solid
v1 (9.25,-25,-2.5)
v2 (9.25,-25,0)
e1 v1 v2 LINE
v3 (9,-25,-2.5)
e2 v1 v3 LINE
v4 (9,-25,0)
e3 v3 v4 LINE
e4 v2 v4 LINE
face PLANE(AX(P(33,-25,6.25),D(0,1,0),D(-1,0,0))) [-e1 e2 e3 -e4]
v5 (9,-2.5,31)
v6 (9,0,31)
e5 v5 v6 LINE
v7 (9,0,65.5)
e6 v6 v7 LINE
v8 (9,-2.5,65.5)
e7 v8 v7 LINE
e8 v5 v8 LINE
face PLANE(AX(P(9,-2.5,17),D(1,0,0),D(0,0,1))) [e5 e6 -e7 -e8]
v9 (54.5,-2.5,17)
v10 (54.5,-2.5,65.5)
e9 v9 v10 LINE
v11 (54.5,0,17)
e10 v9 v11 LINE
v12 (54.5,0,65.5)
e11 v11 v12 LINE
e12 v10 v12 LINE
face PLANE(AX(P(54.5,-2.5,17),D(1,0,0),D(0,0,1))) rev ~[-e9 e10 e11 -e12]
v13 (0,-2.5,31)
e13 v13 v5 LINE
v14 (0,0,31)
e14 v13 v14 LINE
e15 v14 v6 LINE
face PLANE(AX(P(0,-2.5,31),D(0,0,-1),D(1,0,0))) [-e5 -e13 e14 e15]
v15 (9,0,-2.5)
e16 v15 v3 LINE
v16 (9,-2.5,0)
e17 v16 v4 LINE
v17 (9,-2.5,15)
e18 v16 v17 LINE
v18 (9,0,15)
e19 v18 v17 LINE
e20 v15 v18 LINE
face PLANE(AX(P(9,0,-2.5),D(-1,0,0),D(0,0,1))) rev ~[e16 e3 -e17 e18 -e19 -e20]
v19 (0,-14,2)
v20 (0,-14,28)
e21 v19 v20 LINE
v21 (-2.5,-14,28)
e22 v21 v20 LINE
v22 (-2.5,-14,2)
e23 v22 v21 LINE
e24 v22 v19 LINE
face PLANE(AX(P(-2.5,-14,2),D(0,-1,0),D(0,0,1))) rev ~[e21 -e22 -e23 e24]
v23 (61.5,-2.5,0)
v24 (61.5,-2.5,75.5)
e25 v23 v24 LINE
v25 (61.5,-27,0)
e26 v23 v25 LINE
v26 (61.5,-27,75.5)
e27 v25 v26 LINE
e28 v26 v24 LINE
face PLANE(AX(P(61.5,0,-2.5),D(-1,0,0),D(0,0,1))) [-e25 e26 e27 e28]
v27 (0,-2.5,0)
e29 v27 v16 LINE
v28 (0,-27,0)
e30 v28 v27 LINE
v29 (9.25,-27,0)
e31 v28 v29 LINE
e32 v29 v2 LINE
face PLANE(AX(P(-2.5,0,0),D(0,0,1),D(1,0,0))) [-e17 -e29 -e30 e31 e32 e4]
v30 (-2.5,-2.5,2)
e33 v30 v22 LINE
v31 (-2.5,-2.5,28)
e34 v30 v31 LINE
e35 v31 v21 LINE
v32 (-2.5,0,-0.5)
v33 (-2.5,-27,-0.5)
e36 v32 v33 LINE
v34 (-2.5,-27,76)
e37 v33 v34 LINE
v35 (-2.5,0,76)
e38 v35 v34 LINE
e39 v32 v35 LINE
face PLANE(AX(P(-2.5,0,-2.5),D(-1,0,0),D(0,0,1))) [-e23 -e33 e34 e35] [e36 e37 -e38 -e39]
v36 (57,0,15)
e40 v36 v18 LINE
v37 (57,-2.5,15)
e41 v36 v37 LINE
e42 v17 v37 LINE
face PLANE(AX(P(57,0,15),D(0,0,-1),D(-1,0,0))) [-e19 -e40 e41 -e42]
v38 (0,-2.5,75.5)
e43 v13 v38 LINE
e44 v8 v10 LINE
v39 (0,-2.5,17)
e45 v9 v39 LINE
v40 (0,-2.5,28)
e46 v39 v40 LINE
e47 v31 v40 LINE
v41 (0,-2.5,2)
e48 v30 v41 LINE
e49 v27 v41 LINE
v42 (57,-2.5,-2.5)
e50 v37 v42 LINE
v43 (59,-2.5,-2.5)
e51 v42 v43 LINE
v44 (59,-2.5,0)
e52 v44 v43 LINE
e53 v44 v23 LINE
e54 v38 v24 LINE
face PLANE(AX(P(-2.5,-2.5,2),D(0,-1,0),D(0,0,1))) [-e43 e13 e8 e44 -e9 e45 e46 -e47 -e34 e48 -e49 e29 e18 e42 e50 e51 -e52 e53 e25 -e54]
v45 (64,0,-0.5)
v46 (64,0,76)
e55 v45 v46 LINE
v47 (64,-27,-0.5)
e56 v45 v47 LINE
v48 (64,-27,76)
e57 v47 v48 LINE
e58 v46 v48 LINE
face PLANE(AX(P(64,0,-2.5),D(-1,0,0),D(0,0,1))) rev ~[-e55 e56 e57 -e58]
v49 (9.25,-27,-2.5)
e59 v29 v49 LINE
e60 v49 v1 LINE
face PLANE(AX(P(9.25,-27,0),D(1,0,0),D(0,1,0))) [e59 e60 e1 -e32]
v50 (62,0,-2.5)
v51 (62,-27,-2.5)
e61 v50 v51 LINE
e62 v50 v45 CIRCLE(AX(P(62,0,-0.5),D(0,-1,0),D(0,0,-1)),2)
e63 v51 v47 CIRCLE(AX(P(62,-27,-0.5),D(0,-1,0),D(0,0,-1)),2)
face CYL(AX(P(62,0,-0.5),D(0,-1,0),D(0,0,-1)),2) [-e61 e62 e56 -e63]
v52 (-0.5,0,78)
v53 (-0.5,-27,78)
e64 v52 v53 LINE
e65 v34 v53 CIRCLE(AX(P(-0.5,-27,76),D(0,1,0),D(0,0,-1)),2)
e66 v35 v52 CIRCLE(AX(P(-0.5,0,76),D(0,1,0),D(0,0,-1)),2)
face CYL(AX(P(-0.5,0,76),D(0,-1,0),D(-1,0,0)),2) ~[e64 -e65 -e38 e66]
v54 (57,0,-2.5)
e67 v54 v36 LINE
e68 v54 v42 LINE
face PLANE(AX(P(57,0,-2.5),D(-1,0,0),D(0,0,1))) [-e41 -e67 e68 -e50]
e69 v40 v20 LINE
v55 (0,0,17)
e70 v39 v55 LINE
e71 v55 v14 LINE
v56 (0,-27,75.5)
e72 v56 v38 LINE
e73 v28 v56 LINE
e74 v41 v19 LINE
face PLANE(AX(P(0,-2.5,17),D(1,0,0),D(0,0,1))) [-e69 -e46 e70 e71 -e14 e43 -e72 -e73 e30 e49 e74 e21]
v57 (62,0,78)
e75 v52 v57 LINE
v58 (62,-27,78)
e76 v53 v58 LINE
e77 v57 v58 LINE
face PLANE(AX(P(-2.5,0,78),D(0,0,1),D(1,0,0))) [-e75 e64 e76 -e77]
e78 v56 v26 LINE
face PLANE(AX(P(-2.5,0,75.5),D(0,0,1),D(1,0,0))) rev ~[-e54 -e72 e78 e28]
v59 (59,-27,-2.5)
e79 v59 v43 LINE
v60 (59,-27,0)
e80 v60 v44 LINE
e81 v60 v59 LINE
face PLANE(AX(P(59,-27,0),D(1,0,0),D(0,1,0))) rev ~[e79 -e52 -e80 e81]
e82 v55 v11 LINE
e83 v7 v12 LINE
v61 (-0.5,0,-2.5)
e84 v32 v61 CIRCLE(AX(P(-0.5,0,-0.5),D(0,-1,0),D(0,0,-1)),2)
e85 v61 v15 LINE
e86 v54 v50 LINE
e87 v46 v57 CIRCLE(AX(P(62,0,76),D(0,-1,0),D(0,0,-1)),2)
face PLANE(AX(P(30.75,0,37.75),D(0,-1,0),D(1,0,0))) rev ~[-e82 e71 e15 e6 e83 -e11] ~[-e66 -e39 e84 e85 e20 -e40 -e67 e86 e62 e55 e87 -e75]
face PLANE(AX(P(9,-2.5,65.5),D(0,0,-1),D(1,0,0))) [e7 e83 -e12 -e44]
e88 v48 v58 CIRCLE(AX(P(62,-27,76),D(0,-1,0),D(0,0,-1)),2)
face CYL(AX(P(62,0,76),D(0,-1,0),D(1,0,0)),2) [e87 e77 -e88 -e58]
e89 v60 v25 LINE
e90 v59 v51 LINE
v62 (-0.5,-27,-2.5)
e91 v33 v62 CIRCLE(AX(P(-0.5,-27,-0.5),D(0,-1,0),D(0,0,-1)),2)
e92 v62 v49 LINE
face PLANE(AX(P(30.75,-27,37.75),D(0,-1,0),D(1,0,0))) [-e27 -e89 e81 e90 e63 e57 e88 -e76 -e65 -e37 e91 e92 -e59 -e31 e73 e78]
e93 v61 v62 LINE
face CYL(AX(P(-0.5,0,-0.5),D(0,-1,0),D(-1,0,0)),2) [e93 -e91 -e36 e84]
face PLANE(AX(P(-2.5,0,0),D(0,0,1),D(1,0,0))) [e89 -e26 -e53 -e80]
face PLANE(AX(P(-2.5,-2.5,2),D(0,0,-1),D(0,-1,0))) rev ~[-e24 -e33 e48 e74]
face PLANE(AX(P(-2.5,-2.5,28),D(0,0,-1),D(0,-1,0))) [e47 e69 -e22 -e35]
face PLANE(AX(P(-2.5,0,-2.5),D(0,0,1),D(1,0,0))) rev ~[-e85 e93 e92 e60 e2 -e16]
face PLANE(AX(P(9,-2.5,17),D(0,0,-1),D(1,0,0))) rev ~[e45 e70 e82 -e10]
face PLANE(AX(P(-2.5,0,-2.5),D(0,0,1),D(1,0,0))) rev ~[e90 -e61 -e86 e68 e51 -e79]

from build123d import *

# Parameters (mm, degrees)
F0_W      = 66.5
F0_H      = 80.5
F1_DEPTH  = 27
F2_T      = -2.5
F3_R      = 2
F4_W      = 49.75
F4_H      = 24.5
F5_DEPTH  = 25
F6_W      = 45.5
F6_H      = 48.5
F7_DEPTH  = 25
F8_W      = 48
F8_H      = 17.5
F9_DEPTH  = 25
F10_W     = 11.5
F10_H     = 26
F11_DEPTH = 25
F12_W     = 9
F12_H     = 14
F13_DEPTH = 25


with BuildPart() as f1:
    # F0 (on Front) → F1 (new body)
    with BuildSketch(Plane.XZ):
        with Locations((30.75, 37.75)):
            Rectangle(F0_W, F0_H)
    extrude(amount=F1_DEPTH)

    # F2
    f2_openings = [f1.faces().sort_by_distance(p)[0] for p in [
        (30.75, -27, 37.75),
    ]]
    offset(amount=F2_T, openings=f2_openings)

    # F3
    f3_edges = [f1.edges().sort_by_distance(p)[0] for p in [
        (64, -13.5, 78),
        (-2.5, -13.5, 78),
        (64, -13.5, -2.5),
        (-2.5, -13.5, -2.5),
    ]]
    fillet(f3_edges, radius=F3_R)

    # F4 (on face) → F5 (cut)
    with BuildSketch(Plane.XY):
        with Locations((34.125, -14.75)):
            Rectangle(F4_W, F4_H)
    extrude(amount=-F5_DEPTH, mode=Mode.SUBTRACT)

    # F6 (on face) → F7 (cut)
    with BuildSketch(Plane.XZ.offset(2.5)):
        with Locations((31.75, 41.25)):
            Rectangle(F6_W, F6_H)
    extrude(amount=-F7_DEPTH, mode=Mode.SUBTRACT)

    # F8 (on face) → F9 (cut)
    with BuildSketch(Plane(origin=(0, 0, 0), x_dir=(-1, 0, 0), z_dir=(0, 1, 0))):
        with Locations((-33, 6.25)):
            Rectangle(F8_W, F8_H)
    extrude(amount=-F9_DEPTH, mode=Mode.SUBTRACT)

    # F10 (on face) → F11 (cut)
    with BuildSketch(Plane(origin=(-2.5, 0, 0), x_dir=(0, -1, 0), z_dir=(-1, 0, 0))):
        with Locations((8.25, 15)):
            Rectangle(F10_W, F10_H)
    extrude(amount=-F11_DEPTH, mode=Mode.SUBTRACT)

    # F12 (on face) → F13 (cut)
    with BuildSketch(Plane.XZ.offset(2.5)):
        with Locations((4.5, 24)):
            Rectangle(F12_W, F12_H)
    extrude(amount=-F13_DEPTH, mode=Mode.SUBTRACT)


solid = f1.part
